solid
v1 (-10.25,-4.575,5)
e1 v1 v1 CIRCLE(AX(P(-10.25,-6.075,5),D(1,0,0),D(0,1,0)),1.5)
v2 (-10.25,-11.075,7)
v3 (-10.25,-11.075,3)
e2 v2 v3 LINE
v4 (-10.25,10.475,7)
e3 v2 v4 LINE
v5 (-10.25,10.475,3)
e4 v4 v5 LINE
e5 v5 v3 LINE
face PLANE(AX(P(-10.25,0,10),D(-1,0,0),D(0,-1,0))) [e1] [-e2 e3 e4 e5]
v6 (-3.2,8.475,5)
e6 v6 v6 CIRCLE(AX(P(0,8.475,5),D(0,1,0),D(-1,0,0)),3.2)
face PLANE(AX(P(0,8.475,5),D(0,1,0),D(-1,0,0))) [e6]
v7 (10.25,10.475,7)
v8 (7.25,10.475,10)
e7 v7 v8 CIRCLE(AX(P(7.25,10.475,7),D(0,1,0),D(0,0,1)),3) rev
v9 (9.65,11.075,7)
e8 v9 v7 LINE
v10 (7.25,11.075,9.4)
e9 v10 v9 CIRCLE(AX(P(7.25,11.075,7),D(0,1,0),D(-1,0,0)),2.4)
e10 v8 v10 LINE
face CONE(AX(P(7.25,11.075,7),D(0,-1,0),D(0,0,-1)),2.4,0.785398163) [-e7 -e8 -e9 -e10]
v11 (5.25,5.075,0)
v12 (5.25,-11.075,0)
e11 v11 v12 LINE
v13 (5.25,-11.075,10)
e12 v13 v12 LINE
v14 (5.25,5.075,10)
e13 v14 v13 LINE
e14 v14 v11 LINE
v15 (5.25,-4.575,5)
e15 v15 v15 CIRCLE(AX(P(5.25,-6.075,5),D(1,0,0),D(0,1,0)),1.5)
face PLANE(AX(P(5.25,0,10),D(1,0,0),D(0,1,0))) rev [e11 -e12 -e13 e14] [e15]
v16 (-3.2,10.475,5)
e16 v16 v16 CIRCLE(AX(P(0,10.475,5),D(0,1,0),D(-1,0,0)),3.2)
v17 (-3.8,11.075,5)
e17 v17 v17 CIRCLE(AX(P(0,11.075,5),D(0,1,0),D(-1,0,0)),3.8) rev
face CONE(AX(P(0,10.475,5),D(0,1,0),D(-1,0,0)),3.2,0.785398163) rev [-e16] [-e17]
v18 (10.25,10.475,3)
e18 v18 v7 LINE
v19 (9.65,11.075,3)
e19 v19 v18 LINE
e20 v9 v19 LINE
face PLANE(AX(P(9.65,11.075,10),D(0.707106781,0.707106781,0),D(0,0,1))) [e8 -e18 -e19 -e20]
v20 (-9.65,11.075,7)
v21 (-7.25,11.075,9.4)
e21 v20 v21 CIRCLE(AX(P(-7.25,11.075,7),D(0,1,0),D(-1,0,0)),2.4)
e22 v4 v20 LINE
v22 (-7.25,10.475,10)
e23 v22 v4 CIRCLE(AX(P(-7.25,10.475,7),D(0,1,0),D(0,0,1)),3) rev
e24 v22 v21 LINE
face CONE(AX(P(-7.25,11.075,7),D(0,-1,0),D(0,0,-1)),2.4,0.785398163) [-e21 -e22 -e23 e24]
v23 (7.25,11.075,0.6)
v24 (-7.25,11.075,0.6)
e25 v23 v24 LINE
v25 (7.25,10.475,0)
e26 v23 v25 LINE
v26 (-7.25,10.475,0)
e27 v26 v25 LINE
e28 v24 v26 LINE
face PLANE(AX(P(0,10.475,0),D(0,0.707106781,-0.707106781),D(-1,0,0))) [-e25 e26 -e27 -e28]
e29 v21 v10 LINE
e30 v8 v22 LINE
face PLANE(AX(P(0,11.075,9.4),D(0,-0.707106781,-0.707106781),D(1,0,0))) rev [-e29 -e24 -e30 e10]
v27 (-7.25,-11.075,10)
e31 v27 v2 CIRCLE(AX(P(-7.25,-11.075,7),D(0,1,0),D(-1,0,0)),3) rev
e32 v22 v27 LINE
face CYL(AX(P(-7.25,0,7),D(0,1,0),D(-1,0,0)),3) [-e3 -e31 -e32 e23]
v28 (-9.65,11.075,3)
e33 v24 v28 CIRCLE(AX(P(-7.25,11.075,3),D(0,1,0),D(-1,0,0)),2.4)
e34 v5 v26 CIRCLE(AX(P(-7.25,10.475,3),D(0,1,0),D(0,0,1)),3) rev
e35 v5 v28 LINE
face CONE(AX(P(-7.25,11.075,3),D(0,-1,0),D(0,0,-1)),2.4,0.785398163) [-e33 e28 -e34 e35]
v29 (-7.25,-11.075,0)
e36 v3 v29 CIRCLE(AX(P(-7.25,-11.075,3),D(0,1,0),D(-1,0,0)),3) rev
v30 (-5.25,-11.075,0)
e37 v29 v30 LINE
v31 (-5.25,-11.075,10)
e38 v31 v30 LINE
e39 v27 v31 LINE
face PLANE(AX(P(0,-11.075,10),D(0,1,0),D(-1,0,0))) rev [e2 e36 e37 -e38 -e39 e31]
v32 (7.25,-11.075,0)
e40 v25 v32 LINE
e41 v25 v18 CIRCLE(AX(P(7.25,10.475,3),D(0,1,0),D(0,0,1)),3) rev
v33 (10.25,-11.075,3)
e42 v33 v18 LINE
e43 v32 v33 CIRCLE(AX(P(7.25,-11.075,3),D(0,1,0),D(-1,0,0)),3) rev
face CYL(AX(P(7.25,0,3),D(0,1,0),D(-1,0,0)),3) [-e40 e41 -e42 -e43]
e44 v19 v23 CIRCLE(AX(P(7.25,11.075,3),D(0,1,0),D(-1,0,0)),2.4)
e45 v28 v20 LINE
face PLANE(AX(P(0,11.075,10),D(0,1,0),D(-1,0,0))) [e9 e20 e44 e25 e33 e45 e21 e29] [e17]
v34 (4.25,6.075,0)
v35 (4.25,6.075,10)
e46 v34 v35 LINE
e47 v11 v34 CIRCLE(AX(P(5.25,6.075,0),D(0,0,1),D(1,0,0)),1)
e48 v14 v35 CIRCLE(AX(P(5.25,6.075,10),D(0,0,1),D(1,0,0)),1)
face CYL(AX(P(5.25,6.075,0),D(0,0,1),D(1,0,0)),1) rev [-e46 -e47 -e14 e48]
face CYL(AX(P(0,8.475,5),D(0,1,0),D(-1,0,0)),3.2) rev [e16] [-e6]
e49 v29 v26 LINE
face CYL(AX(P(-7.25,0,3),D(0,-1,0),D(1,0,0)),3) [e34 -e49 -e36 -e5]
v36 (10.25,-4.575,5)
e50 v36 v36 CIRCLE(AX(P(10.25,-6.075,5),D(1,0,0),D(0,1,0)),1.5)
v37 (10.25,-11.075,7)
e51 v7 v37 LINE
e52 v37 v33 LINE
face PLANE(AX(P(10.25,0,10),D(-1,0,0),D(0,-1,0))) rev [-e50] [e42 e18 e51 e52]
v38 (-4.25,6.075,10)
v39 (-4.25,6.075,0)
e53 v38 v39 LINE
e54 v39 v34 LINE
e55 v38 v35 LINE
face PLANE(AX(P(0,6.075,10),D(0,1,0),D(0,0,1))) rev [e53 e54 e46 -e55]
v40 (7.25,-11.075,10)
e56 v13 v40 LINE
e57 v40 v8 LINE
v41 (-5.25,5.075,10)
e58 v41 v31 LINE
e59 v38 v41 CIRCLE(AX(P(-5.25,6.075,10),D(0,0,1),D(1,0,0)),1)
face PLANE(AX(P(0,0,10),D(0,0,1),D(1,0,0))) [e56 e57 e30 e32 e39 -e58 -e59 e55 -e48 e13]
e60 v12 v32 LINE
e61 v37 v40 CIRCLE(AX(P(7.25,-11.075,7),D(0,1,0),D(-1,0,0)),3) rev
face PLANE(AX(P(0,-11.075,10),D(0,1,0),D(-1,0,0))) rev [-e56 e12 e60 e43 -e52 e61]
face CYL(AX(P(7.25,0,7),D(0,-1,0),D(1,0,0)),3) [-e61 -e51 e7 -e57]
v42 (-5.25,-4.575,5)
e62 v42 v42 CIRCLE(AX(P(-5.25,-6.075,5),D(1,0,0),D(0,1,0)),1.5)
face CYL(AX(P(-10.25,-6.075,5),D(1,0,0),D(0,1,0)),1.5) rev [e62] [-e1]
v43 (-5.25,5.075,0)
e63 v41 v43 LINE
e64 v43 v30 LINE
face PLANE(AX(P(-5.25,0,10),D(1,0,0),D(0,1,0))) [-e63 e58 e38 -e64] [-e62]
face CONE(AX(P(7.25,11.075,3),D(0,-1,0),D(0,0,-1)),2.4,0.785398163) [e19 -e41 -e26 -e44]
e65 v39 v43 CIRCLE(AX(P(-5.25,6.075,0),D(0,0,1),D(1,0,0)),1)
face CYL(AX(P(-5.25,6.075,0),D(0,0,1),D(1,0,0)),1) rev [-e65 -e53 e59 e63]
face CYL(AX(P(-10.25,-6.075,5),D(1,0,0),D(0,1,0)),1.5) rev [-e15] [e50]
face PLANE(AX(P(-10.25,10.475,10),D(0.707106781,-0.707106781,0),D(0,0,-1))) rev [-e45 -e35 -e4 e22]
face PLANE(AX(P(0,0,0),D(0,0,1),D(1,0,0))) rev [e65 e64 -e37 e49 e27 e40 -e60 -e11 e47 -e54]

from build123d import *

# Parameters (mm, degrees)
EXTRUDE_1_DEPTH     = 10
SKETCH_2_R          = 3.2
CUT_EXTRUDE_1_DEPTH = 2.6
SKETCH_3_R          = 1.5
CUT_EXTRUDE_2_DEPTH = 26.355583705
FILLET_1_R          = 3
CHAMFER_1_SIZE      = 0.6
SKETCH_4_R          = 1
CUT_EXTRUDE_3_DEPTH = 19.102986632


with BuildPart() as part:
    # ｽｹｯﾁ1 → ﾎﾞｽ - 押し出し1 (new body)
    with BuildSketch(Plane.XY):
        Polygon((-10.25, 11.075), (-10.25, -11.075), (-5.25, -11.075), (-5.25, 6.075), (5.25, 6.075), (5.25, -11.075), (10.25, -11.075), (10.25, 11.075), align=None)
    extrude(amount=EXTRUDE_1_DEPTH)

    # ｽｹｯﾁ2 → ｶｯﾄ - 押し出し1 (cut)
    with BuildSketch(Plane(origin=(0, 11.075, 0), x_dir=(1, 0, 0), z_dir=(0, 1, 0))):
        with Locations(Location((0, -5, 0), (0, 0, 180))):
            Circle(SKETCH_2_R)
    extrude(amount=-CUT_EXTRUDE_1_DEPTH, mode=Mode.SUBTRACT)

    # ｽｹｯﾁ3 → ｶｯﾄ - 押し出し2 (cut, through all)
    with BuildSketch(Plane(origin=(10.25, 0, 0), x_dir=(0, 0, -1), z_dir=(1, 0, 0))):
        with Locations(Location((-5, -6.075, 0), (0, 0, 90))):
            Circle(SKETCH_3_R)
    extrude(amount=-CUT_EXTRUDE_2_DEPTH, mode=Mode.SUBTRACT)

    # ﾌｨﾚｯﾄ1
    fillet_1_edges = [part.edges().sort_by_distance(p)[0] for p in [
        (-10.25, 0, 0),
        (10.25, 0, 0),
        (10.25, 0, 10),
        (-10.25, 0, 10),
    ]]
    fillet(fillet_1_edges, radius=FILLET_1_R)

    # 面取り1
    chamfer_1_edges = [part.edges().sort_by_distance(p)[0] for p in [
        (3.2, 11.075, 5),
        (-10.25, 11.075, 5),
        (0, 11.075, 0),
        (0, 11.075, 10),
        (10.25, 11.075, 5),
        (9.371320344, 11.075, 9.121320344),
        (9.371320344, 11.075, 0.878679656),
        (-9.371320344, 11.075, 0.878679656),
        (-9.371320344, 11.075, 9.121320344),
    ]]
    chamfer(chamfer_1_edges, length=CHAMFER_1_SIZE)

    # ｽｹｯﾁ4 → ｶｯﾄ - 押し出し3 (cut, through all)
    with BuildSketch(Plane.XY.offset(10)):
        with Locations((5.25, 6.075)):
            Circle(SKETCH_4_R)
        with Locations((-5.25, 6.075)):
            Circle(SKETCH_4_R)
    extrude(amount=-CUT_EXTRUDE_3_DEPTH, mode=Mode.SUBTRACT)


solid = part.part
